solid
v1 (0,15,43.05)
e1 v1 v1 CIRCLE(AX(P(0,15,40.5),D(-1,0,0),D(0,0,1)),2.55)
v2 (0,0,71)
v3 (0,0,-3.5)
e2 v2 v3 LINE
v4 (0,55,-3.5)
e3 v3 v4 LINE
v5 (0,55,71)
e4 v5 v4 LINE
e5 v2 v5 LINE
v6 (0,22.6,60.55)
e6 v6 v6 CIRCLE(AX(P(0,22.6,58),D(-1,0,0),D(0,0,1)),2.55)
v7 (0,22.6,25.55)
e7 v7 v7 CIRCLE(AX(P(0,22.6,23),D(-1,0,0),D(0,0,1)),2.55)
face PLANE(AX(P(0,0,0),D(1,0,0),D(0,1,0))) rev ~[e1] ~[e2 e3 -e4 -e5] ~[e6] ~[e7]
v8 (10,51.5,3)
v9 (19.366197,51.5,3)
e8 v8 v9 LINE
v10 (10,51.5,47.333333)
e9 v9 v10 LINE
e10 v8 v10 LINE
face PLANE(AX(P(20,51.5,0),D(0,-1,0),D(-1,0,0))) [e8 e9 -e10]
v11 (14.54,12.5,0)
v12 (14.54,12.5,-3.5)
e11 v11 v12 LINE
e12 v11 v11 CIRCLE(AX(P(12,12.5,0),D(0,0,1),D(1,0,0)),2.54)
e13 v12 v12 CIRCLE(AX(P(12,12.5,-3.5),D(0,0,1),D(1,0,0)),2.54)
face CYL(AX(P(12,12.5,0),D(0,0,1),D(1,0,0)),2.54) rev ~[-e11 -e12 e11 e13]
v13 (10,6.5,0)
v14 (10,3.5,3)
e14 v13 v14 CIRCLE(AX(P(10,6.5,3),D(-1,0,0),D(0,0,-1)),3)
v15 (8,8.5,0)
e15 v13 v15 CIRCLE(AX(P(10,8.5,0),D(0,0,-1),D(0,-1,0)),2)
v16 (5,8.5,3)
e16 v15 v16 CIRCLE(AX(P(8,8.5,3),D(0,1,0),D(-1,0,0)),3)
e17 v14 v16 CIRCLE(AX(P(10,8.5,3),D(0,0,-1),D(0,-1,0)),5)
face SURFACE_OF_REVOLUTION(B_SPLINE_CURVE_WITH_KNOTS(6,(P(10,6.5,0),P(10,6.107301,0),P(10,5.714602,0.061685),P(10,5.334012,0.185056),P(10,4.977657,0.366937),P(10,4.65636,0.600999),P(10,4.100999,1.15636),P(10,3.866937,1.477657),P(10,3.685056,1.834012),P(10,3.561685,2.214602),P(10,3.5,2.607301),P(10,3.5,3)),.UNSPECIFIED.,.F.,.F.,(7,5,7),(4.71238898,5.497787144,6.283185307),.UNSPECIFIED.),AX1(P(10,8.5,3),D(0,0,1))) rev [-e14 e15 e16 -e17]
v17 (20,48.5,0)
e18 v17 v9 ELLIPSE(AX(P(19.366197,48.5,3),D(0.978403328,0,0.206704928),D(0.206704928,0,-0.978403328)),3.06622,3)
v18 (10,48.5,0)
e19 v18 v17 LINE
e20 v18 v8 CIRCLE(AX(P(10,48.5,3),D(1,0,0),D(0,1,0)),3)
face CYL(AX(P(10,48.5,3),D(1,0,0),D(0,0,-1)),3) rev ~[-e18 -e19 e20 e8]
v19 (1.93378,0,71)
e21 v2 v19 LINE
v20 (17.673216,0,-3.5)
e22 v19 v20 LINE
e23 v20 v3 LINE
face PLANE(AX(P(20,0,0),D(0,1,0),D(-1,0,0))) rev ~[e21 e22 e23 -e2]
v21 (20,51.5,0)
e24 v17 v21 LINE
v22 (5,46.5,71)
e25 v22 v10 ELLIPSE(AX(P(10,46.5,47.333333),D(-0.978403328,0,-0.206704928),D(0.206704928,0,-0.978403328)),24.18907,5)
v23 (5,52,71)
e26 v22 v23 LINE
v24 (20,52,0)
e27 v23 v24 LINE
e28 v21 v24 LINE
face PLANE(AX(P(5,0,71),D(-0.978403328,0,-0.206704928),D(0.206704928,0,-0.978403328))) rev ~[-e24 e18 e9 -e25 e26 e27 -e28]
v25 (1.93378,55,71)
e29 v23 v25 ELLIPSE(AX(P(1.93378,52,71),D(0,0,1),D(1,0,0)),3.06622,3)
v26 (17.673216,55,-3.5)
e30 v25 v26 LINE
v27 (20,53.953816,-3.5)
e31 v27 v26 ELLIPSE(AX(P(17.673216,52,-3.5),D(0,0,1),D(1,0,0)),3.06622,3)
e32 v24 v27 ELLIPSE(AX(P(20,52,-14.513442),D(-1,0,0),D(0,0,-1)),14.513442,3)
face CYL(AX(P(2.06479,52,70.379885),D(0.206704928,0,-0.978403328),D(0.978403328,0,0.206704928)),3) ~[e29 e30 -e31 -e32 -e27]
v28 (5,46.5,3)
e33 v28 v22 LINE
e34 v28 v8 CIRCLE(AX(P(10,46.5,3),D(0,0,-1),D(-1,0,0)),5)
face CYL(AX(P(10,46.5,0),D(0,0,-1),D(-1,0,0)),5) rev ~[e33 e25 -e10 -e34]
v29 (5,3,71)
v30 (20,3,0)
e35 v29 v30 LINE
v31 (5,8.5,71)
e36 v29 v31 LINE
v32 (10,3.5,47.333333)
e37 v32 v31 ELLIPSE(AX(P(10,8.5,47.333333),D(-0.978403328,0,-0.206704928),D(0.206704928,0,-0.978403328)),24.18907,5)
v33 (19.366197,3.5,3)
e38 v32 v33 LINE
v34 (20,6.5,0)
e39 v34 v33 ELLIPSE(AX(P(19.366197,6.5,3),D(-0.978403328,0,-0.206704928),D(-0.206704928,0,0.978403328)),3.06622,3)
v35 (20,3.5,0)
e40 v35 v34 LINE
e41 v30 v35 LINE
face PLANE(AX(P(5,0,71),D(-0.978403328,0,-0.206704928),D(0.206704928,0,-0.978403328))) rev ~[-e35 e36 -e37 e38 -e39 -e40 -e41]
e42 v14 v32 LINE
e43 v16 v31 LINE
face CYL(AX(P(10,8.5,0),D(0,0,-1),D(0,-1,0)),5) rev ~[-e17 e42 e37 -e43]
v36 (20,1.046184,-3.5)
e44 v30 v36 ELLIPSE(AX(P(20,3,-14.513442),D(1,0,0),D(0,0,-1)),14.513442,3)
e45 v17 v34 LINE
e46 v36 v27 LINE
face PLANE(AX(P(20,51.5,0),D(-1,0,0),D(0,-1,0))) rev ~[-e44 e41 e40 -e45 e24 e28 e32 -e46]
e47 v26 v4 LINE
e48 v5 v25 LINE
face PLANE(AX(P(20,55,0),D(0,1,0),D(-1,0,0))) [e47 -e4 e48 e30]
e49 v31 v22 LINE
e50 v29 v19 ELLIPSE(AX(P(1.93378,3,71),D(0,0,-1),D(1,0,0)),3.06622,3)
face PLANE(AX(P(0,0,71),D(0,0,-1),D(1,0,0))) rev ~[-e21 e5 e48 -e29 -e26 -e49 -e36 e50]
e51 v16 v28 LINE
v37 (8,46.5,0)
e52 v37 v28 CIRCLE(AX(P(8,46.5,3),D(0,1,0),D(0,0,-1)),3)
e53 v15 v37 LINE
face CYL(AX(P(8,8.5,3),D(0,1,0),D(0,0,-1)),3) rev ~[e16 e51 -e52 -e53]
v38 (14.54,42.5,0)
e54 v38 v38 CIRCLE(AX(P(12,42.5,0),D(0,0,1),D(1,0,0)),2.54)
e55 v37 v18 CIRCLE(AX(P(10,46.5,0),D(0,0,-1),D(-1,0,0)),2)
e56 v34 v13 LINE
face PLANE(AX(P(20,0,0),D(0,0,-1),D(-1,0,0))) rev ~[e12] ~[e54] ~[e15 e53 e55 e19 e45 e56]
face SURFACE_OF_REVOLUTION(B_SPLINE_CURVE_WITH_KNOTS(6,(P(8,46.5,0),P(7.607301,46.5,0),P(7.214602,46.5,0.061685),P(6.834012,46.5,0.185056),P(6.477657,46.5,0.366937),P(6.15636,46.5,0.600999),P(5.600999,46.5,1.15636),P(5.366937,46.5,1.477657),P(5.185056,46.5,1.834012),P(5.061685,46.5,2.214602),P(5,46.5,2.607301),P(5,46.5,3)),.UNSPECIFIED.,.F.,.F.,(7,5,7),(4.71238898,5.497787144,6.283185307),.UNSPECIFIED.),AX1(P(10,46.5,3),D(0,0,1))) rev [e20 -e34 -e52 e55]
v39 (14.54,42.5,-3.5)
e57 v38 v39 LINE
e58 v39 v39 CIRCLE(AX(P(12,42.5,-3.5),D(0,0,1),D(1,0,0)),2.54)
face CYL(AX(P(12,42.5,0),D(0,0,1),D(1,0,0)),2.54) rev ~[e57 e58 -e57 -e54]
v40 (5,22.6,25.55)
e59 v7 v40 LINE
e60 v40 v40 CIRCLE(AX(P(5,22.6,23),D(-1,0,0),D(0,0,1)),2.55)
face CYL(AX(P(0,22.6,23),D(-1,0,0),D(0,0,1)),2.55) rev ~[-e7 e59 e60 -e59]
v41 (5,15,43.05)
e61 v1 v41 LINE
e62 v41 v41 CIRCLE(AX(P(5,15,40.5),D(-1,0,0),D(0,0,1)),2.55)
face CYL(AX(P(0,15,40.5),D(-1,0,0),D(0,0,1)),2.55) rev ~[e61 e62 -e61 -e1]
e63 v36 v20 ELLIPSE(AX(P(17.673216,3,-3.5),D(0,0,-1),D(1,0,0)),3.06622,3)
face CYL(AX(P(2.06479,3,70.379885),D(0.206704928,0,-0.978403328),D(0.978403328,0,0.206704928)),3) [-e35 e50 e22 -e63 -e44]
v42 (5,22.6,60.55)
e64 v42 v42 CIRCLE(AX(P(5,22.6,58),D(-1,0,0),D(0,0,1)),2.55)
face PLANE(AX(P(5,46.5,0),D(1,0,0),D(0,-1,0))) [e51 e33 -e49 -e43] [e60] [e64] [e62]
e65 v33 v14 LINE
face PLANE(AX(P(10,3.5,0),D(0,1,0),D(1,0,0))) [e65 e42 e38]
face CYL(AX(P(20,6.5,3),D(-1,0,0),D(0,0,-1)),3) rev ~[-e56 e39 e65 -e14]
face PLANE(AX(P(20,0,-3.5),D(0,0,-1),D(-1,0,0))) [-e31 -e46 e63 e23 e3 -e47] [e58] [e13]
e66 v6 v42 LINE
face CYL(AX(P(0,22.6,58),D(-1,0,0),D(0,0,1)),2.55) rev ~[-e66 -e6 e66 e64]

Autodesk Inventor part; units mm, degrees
ref_plane "YZ Plane" through (0, 0, 0) normal (1, 0, 0) x (0, 1, 0)
ref_plane "XZ Plane" through (0, 0, 0) normal (0, 1, 0) x (-1, 0, 0)
ref_plane "XY Plane" through (0, 0, 0) normal (0, 0, 1) x (1, 0, 0)
sketch "Sketch1" plane through (0, 0, 0) normal (0, 1, 0) x (-1, 0, 0)
  line L0 (0, 0) -> (0, 71)
  line L1 (0, 71) -> (-5, 71)
  line L2 (-5, 71) -> (-20, 0)
  line L3 (-20, 0) -> (0, 0)
  dimension "d0" = 71
  dimension "d1" = 20
  dimension "d2" = 5
extrude "Extrusion1" add sketch "Sketch1" along normal blind 55
sketch "Sketch2" plane through (0, 0, 0) normal (-1, 0, 0) x (0, 0, 1)
  circle A0 centre (23, 22.6) radius 2.55
  circle A1 centre (58, 22.6) radius 2.55
  circle A2 centre (40.5, 15) radius 2.55
  line L0 (23, 22.6) -> (58, 22.6) construction
  line L1 (40.5, 22.6) -> (40.5, 15) construction
  line L2 (71, 0) -> (71, 55) construction
  point P0 (0, 0)
  dimension "d5" = 5.1
  dimension "d6" = 35
  dimension "d7" = 7.6
  dimension "d8" = 15
  dimension "d9" = 30.5
extrude "Extrusion2" cut sketch "Sketch2" against normal blind 45
sketch "Sketch3" plane through (20, 0, 0) normal (0, 0, -1) x (-1, 0, 0)
  line L0 (0, 0) -> (0, 55) projected
  line L1 (0, 51.5) -> (10, 51.5)
  arc A0 (15, 46.5) -> (10, 51.5) centre (10, 46.5) ccw
  line L2 (15, 46.5) -> (15, 8.5)
  arc A1 (10, 3.5) -> (15, 8.5) centre (10, 8.5) ccw
  line L3 (10, 3.5) -> (0, 3.5)
  line L4 (15, 27.5) -> (0, 27.5) construction
  point P0 (20, 0)
  dimension "d12" = 3.5
  dimension "d13" = 3.5
  dimension "d14" = 5
  dimension "d15" = 5
extrude "Extrusion3" cut sketch "Sketch3" against normal through all
sketch "Sketch5" plane through (20, 0, 0) normal (0, 0, -1) x (-1, 0, 0)
  line L0 (20, 0) -> (20, 55) projected
  line L1 (0, 55) -> (20, 55) projected
  line L2 (0, 0) -> (20, 0) projected
  line L3 (0, 51.5) -> (0, 55) projected
  line L4 (0, 55) -> (0, 0)
extrude "Extrusion4" add sketch "Sketch5" along normal blind 3.5
sketch "Sketch6" plane through (20, 0, 0) normal (0, 0, 1) x (1, 0, 0)
  circle A0 centre (-8, 12.5) radius 2.54
  circle A1 centre (-8, 42.5) radius 2.54
  line L0 (-8, 12.5) -> (-8, 42.5) construction
  line L1 (-20, 0) -> (-20, 55) projected
  line L2 (-20, 27.5) -> (-8, 27.5) construction
  line L3 (-15, 8.5) -> (-15, 46.5) construction
  line L4 (0, 51.5) -> (0, 3.5) construction
  line L5 (-15, 46.5) -> (-15, 8.5) projected
  line L6 (-15, 12.5) -> (-8, 12.5) construction
  line L7 (-8, 12.5) -> (0, 12.5) construction
  dimension "d20" = 5.08
  dimension "d21" = 30
  dimension "d22" = 8
extrude "Extrusion5" cut sketch "Sketch6" against normal through all
fillet "Fillet1" radius 3 5 edges at (6.4645, 4.9645, 0) (15, 3.5, 0) (6.4645, 50.0355, 0) (15, 51.5, 0) (5, 27.5, 0)
fillet "Fillet2" radius 3 2 edges at (12.5, 0, 35.5) (12.5, 55, 35.5)
properties part number "Cable_Chain_Side_Holder"
